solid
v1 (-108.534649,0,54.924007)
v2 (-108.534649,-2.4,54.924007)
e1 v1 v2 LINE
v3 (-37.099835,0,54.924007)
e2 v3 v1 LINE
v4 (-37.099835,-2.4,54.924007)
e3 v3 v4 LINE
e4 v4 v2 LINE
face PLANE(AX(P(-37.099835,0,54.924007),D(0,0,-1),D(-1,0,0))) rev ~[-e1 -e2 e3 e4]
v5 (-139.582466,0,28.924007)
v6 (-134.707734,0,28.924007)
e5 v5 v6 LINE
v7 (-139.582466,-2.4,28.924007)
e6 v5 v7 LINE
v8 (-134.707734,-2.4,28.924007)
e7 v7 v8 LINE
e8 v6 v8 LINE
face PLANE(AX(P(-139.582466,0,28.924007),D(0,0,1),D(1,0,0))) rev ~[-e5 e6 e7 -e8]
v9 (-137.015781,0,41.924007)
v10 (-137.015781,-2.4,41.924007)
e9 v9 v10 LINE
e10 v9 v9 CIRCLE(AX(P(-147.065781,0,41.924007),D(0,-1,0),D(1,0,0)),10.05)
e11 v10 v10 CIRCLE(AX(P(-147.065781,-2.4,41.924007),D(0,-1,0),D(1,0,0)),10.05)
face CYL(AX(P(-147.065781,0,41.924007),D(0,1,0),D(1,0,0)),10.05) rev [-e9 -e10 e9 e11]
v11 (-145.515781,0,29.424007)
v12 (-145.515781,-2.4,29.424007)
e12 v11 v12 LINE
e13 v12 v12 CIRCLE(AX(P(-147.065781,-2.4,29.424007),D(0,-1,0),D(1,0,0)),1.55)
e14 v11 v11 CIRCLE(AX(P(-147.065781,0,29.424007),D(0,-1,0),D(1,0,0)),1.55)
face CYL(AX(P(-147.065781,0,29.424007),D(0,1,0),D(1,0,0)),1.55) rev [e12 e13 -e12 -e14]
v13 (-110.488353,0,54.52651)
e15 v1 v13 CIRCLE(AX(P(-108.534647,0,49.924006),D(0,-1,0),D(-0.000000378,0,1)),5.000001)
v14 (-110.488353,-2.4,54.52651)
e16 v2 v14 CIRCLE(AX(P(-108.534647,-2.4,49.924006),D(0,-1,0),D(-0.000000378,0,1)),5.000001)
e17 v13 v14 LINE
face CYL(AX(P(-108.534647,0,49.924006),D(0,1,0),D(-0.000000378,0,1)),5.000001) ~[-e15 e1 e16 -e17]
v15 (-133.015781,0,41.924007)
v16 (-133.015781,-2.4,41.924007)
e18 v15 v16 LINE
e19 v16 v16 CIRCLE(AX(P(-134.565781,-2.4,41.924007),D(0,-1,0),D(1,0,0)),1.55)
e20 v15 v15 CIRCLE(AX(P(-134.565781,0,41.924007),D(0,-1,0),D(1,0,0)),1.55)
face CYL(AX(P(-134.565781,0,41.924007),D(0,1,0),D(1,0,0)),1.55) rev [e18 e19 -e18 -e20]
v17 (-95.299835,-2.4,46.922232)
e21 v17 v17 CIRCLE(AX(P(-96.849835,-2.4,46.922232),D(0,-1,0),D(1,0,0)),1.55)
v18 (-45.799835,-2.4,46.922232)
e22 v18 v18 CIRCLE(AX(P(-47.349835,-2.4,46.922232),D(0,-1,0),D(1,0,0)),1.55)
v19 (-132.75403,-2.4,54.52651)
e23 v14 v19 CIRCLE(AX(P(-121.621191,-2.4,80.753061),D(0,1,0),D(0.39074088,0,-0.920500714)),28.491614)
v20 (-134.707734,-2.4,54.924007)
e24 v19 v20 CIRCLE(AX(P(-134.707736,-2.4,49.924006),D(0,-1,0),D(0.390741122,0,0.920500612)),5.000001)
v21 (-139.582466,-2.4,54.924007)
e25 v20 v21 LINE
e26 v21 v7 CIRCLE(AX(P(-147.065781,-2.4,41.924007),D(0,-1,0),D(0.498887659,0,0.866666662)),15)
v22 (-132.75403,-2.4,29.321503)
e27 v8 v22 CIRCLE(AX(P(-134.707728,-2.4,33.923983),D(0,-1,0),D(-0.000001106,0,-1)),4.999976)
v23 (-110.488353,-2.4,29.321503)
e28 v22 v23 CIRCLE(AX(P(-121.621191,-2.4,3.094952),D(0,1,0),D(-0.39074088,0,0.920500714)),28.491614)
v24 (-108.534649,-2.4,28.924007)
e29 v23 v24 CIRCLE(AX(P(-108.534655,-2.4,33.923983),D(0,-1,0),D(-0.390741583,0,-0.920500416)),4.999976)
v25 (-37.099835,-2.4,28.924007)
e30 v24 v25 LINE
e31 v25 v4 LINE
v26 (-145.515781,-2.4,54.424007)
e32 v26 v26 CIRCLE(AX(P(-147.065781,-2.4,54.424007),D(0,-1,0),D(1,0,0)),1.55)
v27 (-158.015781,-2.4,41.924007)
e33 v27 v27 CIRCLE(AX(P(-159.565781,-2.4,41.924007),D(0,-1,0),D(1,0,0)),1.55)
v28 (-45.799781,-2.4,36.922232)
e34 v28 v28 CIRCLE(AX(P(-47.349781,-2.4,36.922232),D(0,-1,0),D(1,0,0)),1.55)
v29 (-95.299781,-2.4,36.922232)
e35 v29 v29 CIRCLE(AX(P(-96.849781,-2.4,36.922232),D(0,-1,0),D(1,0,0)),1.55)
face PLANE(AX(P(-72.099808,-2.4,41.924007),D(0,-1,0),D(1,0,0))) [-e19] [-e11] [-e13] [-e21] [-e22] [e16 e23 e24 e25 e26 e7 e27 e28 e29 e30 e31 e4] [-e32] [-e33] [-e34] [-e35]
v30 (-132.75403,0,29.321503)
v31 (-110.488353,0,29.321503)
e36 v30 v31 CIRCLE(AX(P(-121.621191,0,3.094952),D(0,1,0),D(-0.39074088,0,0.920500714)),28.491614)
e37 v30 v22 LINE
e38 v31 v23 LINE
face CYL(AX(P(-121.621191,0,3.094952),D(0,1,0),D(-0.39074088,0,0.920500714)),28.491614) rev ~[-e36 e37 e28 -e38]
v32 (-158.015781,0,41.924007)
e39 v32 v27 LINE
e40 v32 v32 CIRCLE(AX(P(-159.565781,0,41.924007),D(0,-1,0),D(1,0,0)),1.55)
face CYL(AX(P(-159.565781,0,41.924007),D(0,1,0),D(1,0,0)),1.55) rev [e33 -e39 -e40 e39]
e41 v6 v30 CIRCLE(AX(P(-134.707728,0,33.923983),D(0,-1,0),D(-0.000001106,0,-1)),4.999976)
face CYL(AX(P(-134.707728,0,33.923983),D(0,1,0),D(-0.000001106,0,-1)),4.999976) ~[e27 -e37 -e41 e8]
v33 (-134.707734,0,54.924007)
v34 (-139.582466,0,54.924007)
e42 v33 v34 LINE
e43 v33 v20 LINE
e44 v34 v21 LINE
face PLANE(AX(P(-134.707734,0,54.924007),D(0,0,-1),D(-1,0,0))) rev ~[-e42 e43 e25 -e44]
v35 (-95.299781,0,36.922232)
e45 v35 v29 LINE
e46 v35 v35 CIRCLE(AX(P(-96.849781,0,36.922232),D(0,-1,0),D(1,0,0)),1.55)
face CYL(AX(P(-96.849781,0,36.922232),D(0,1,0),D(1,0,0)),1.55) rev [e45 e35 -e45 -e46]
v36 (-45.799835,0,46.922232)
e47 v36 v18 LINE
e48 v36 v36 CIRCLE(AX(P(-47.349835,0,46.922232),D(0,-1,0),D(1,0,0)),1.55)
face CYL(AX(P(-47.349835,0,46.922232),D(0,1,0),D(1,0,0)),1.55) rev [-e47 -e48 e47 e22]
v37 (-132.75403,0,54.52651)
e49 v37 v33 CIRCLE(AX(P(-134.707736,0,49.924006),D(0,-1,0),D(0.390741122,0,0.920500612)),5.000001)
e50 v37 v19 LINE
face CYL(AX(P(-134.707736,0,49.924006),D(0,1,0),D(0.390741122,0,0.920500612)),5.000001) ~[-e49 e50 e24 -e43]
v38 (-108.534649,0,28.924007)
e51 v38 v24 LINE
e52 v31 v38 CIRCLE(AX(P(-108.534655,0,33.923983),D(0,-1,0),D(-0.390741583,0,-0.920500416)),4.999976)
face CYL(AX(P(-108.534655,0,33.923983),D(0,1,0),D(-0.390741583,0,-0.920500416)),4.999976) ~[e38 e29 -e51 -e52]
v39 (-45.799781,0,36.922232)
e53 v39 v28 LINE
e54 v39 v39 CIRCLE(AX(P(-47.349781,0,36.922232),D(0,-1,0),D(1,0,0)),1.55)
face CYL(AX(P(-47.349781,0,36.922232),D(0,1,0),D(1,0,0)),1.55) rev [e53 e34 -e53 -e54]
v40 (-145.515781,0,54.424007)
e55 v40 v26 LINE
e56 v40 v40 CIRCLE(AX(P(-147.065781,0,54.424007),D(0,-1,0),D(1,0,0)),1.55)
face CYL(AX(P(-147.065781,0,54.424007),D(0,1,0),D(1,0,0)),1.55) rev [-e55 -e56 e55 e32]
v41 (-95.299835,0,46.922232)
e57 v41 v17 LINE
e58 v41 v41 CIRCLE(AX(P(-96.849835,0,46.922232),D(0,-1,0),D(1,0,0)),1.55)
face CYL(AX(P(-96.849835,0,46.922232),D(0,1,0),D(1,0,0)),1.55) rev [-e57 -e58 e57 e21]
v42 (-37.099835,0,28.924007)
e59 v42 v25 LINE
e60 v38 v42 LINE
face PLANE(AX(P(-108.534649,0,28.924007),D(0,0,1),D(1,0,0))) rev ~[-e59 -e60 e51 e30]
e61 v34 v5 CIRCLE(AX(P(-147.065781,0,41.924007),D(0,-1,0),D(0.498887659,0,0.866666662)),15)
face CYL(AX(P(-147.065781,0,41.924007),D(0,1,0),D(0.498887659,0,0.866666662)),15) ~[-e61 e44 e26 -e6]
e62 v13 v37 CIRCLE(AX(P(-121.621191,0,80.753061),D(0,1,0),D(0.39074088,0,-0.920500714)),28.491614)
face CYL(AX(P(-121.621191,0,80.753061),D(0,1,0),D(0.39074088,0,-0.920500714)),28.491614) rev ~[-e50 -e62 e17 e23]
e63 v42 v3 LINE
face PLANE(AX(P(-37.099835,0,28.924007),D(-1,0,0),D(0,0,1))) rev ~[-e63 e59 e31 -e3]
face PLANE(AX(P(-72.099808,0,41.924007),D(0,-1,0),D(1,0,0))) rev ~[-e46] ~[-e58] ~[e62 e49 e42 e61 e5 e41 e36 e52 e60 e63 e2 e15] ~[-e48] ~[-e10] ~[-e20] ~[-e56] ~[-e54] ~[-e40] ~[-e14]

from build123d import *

# Parameters (mm, degrees)
F0_W     = 69.999946
F0_H     = 26
F0_R     = 1.55
F0_R_2   = 10.05
F1_DEPTH = 2.4


with BuildPart() as f1:
    # F0 (on Front) → F1 (new body)
    with BuildSketch(Plane.XZ):
        with Locations((-72.099808, 41.924007)):
            Rectangle(F0_W, F0_H)
        with Locations((-96.849781, 36.922232)):
            Circle(F0_R, mode=Mode.SUBTRACT)
        with Locations((-47.349781, 36.922232)):
            Circle(F0_R, mode=Mode.SUBTRACT)
        with Locations((-96.849835, 46.922232)):
            Circle(F0_R, mode=Mode.SUBTRACT)
        with Locations((-47.349835, 46.922232)):
            Circle(F0_R, mode=Mode.SUBTRACT)
        with BuildLine():
            Line((-107.099781, 28.924007), (-107.099781, 54.924007))
            Line((-107.099781, 54.924007), (-108.534649, 54.924007))
            ThreePointArc((-108.534649, 54.924007), (-109.531514, 54.823625), (-110.488353, 54.52651))
            ThreePointArc((-110.488353, 54.52651), (-121.621192, 52.261447), (-132.75403, 54.52651))
            ThreePointArc((-132.75403, 54.52651), (-133.710869, 54.823625), (-134.707734, 54.924007))
            Line((-134.707734, 54.924007), (-139.582466, 54.924007))
            ThreePointArc((-139.582466, 54.924007), (-162.065781, 41.924007), (-139.582466, 28.924007))
            Line((-139.582466, 28.924007), (-134.707734, 28.924007))
            ThreePointArc((-134.707734, 28.924007), (-133.710869, 29.024388), (-132.75403, 29.321503))
            ThreePointArc((-132.75403, 29.321503), (-121.621192, 31.586566), (-110.488353, 29.321503))
            ThreePointArc((-110.488353, 29.321503), (-109.531514, 29.024388), (-108.534649, 28.924007))
            Line((-108.534649, 28.924007), (-107.099781, 28.924007))
        make_face()
        with Locations((-147.065781, 29.424007)):
            Circle(F0_R, mode=Mode.SUBTRACT)
        with Locations((-159.565781, 41.924007)):
            Circle(F0_R, mode=Mode.SUBTRACT)
        with Locations((-147.065781, 41.924007)):
            Circle(F0_R_2, mode=Mode.SUBTRACT)
        with Locations((-134.565781, 41.924007)):
            Circle(F0_R, mode=Mode.SUBTRACT)
        with Locations((-147.065781, 54.424007)):
            Circle(F0_R, mode=Mode.SUBTRACT)
    extrude(amount=F1_DEPTH)


solid = f1.part
